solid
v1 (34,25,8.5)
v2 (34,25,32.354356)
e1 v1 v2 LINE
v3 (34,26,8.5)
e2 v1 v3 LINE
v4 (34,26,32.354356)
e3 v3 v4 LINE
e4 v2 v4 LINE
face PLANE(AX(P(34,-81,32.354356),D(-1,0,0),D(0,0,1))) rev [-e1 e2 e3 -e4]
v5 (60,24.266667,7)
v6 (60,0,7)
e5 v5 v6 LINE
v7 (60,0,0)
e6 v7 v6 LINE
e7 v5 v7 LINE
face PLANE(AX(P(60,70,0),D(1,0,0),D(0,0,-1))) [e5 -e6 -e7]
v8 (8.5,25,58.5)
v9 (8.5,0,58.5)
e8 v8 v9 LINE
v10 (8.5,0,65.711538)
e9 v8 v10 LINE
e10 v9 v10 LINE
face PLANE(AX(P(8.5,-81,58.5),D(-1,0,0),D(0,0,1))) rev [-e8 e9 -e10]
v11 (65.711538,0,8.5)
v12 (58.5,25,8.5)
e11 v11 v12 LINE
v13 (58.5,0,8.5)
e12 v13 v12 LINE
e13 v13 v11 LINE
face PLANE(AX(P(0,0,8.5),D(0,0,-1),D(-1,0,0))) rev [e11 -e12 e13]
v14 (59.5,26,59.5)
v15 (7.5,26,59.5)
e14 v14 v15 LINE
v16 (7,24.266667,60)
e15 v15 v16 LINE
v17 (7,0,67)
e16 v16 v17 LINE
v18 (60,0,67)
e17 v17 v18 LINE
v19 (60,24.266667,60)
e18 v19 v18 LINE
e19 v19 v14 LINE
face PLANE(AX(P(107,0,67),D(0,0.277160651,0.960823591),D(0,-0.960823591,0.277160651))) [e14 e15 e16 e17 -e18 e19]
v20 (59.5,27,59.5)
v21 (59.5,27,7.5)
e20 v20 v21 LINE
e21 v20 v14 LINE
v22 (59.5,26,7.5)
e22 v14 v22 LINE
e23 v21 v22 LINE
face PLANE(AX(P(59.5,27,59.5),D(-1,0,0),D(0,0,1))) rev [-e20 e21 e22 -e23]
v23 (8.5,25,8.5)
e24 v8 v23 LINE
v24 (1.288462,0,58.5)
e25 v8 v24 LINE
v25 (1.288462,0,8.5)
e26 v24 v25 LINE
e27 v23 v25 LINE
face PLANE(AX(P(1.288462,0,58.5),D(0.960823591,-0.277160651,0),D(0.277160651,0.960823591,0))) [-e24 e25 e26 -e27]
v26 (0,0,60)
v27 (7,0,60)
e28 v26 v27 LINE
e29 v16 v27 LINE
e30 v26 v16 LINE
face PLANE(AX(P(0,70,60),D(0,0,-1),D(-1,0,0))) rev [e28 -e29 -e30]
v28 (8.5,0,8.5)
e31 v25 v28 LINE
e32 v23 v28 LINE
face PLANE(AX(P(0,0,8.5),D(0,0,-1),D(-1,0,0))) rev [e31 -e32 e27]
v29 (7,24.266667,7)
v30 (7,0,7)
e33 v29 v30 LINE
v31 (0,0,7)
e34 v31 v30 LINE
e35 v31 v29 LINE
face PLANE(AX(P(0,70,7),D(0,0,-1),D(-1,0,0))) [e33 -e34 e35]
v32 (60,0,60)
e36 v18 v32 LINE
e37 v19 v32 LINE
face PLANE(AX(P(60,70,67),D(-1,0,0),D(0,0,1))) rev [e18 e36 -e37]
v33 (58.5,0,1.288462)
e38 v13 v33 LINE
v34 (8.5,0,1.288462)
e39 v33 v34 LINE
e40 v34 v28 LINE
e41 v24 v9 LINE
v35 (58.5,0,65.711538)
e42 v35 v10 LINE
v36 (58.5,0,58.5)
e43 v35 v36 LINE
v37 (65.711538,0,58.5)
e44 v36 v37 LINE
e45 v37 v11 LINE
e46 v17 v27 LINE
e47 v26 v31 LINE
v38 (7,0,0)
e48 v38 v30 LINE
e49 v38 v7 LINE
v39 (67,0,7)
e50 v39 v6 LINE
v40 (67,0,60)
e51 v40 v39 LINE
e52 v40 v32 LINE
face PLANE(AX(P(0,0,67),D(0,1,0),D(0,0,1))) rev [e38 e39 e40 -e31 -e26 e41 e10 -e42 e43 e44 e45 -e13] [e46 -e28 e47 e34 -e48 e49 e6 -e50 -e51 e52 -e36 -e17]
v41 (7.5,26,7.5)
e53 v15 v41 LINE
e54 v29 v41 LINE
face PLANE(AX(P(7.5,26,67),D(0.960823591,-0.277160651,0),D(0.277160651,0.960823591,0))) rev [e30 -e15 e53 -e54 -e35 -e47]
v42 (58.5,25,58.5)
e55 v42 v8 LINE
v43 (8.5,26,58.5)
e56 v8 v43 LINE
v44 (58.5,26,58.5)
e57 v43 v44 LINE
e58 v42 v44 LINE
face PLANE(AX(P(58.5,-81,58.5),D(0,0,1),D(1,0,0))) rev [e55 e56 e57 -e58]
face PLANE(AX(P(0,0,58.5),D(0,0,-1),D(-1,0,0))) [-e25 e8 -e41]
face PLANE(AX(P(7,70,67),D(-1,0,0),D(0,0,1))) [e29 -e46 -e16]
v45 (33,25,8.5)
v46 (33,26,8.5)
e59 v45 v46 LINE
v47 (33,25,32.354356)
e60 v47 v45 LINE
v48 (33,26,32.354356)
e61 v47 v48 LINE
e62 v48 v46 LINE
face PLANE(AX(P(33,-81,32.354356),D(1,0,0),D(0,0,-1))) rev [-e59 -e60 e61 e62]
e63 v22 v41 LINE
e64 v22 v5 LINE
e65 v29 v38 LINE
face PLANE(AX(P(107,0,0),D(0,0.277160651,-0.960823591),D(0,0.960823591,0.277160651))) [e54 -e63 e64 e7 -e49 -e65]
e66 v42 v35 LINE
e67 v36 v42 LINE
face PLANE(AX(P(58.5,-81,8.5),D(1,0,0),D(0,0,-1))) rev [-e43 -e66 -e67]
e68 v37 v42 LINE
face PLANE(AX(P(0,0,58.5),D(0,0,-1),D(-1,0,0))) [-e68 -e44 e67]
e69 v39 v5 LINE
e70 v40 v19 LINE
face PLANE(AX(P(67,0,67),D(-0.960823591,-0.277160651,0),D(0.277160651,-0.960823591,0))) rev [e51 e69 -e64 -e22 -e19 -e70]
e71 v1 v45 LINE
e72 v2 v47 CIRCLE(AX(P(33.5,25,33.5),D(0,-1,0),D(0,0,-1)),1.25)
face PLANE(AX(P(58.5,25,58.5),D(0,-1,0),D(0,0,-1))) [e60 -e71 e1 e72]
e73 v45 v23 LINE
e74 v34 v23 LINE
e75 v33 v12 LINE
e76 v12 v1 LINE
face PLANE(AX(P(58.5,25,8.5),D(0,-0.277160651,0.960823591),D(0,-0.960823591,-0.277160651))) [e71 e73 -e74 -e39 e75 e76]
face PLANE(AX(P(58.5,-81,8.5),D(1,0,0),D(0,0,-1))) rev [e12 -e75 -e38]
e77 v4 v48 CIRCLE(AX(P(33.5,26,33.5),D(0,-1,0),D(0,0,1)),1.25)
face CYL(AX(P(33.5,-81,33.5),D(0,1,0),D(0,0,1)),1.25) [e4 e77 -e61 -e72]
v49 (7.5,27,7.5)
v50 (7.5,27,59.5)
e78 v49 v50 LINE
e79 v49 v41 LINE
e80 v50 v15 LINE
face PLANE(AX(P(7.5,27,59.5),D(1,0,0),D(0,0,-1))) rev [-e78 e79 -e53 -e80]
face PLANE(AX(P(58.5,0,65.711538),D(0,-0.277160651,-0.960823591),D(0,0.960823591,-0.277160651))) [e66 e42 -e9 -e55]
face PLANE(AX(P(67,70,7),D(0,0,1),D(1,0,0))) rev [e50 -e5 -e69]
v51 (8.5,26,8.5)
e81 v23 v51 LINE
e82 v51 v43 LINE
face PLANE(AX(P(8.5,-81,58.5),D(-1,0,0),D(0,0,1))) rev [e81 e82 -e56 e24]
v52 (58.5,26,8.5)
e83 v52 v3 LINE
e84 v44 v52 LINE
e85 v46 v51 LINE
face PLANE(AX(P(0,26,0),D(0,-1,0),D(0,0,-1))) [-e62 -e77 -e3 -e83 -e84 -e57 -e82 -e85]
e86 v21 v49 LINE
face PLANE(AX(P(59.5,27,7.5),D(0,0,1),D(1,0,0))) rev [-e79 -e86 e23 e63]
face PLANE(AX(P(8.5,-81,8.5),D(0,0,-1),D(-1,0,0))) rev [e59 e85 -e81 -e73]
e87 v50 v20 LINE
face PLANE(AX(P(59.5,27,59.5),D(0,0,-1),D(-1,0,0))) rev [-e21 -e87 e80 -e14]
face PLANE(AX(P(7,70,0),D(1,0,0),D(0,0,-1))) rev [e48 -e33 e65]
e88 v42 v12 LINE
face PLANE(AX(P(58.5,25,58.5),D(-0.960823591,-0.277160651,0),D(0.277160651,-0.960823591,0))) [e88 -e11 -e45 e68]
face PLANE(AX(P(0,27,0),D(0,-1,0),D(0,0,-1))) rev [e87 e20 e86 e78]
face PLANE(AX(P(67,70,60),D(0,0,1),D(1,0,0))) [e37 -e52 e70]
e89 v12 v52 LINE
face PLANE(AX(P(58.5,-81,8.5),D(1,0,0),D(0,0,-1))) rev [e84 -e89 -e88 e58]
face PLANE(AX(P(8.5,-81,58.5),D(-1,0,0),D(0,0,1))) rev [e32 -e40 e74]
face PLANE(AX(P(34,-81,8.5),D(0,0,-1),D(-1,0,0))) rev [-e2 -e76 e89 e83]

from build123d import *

# Parameters (mm, degrees)
SALIENTE_EXTRUIR1_DEPTH    = 67
CORTAR_EXTRUIR1_DEPTH      = 107
CORTAR_EXTRUIR2_DEPTH      = 107
CORTAR_EXTRUIR3_DEPTH      = 25
CORTAR_EXTRUIR3_DEPTH_BACK = 25
CORTAR_EXTRUIR4_DEPTH      = 25
CORTAR_EXTRUIR4_DEPTH_BACK = 25
CROQUIS14_W                = 7
CROQUIS14_H                = 7
CORTAR_EXTRUIR6_DEPTH      = 70
CROQUIS15_W                = 52
CROQUIS15_H                = 52
SALIENTE_EXTRUIR10_DEPTH   = 1


with BuildPart() as part:
    # Croquis1 → Saliente-Extruir1 (new body)
    with BuildSketch(Plane.XY):
        Polygon((0, 0), (67, 0), (59.5, 26), (7.5, 26), align=None)
    extrude(amount=SALIENTE_EXTRUIR1_DEPTH)

    # Croquis3 → Cortar-Extruir1 (cut)
    with BuildSketch(Plane(origin=(0, 0, 0), x_dir=(0, 0, -1), z_dir=(1, 0, 0))):
        Polygon((-67, 0), (-59.5, 26), (-67, 26), align=None)
        Polygon((0, 0), (-7.5, 26), (0, 26), align=None)
    extrude(amount=CORTAR_EXTRUIR1_DEPTH, mode=Mode.SUBTRACT)

    # Croquis5 → Cortar-Extruir2 (cut)
    with BuildSketch(Plane(origin=(0, 26, 0), x_dir=(1, 0, 0), z_dir=(0, 1, 0))):
        with BuildLine():
            Line((33, -32.354356076), (33, -8.5))
            Line((33, -8.5), (8.5, -8.5))
            Line((8.5, -8.5), (8.5, -58.5))
            Line((8.5, -58.5), (58.5, -58.5))
            Line((58.5, -58.5), (58.5, -8.5))
            Line((58.5, -8.5), (34, -8.5))
            Line((34, -8.5), (34, -32.354356076))
            ThreePointArc((34, -32.354356076), (33.5, -34.75), (33, -32.354356076))
        make_face()
    extrude(amount=-CORTAR_EXTRUIR2_DEPTH, mode=Mode.SUBTRACT)

    # Croquis6 → Cortar-Extruir3 (cut, two sides: drawn at the far end of the back side and taken through both)
    with BuildSketch(Plane(origin=(33.5, 0, 0), x_dir=(0, 0, -1), z_dir=(1, 0, 0)).offset(-CORTAR_EXTRUIR3_DEPTH_BACK)):
        Polygon((-65.711538462, 0), (-58.5, 25), (-8.5, 25), (-1.288461538, 0), align=None)
    extrude(amount=CORTAR_EXTRUIR3_DEPTH + CORTAR_EXTRUIR3_DEPTH_BACK, mode=Mode.SUBTRACT)

    # Croquis7 → Cortar-Extruir4 (cut, two sides: drawn at the far end of the back side and taken through both)
    with BuildSketch(Plane.XY.offset(33.5).offset(-CORTAR_EXTRUIR4_DEPTH_BACK)):
        Polygon((1.288461538, 0), (8.5, 25), (58.5, 25), (65.711538462, 0), align=None)
    extrude(amount=CORTAR_EXTRUIR4_DEPTH + CORTAR_EXTRUIR4_DEPTH_BACK, mode=Mode.SUBTRACT)

    # Croquis14 → Cortar-Extruir6 (cut)
    with BuildSketch(Plane.XZ):
        with Locations((63.5, 3.5)):
            Rectangle(CROQUIS14_W, CROQUIS14_H)
        with Locations((63.5, 63.5)):
            Rectangle(CROQUIS14_W, CROQUIS14_H)
        with Locations((3.5, 3.5)):
            Rectangle(CROQUIS14_W, CROQUIS14_H)
        with Locations((3.5, 63.5)):
            Rectangle(CROQUIS14_W, CROQUIS14_H)
    extrude(amount=-CORTAR_EXTRUIR6_DEPTH, mode=Mode.SUBTRACT)

    # Croquis15 → Saliente-Extruir10 (add)
    with BuildSketch(Plane(origin=(0, 26, 0), x_dir=(1, 0, 0), z_dir=(0, 1, 0))):
        with Locations((33.5, -33.5)):
            Rectangle(CROQUIS15_W, CROQUIS15_H)
    extrude(amount=SALIENTE_EXTRUIR10_DEPTH)


solid = part.part
